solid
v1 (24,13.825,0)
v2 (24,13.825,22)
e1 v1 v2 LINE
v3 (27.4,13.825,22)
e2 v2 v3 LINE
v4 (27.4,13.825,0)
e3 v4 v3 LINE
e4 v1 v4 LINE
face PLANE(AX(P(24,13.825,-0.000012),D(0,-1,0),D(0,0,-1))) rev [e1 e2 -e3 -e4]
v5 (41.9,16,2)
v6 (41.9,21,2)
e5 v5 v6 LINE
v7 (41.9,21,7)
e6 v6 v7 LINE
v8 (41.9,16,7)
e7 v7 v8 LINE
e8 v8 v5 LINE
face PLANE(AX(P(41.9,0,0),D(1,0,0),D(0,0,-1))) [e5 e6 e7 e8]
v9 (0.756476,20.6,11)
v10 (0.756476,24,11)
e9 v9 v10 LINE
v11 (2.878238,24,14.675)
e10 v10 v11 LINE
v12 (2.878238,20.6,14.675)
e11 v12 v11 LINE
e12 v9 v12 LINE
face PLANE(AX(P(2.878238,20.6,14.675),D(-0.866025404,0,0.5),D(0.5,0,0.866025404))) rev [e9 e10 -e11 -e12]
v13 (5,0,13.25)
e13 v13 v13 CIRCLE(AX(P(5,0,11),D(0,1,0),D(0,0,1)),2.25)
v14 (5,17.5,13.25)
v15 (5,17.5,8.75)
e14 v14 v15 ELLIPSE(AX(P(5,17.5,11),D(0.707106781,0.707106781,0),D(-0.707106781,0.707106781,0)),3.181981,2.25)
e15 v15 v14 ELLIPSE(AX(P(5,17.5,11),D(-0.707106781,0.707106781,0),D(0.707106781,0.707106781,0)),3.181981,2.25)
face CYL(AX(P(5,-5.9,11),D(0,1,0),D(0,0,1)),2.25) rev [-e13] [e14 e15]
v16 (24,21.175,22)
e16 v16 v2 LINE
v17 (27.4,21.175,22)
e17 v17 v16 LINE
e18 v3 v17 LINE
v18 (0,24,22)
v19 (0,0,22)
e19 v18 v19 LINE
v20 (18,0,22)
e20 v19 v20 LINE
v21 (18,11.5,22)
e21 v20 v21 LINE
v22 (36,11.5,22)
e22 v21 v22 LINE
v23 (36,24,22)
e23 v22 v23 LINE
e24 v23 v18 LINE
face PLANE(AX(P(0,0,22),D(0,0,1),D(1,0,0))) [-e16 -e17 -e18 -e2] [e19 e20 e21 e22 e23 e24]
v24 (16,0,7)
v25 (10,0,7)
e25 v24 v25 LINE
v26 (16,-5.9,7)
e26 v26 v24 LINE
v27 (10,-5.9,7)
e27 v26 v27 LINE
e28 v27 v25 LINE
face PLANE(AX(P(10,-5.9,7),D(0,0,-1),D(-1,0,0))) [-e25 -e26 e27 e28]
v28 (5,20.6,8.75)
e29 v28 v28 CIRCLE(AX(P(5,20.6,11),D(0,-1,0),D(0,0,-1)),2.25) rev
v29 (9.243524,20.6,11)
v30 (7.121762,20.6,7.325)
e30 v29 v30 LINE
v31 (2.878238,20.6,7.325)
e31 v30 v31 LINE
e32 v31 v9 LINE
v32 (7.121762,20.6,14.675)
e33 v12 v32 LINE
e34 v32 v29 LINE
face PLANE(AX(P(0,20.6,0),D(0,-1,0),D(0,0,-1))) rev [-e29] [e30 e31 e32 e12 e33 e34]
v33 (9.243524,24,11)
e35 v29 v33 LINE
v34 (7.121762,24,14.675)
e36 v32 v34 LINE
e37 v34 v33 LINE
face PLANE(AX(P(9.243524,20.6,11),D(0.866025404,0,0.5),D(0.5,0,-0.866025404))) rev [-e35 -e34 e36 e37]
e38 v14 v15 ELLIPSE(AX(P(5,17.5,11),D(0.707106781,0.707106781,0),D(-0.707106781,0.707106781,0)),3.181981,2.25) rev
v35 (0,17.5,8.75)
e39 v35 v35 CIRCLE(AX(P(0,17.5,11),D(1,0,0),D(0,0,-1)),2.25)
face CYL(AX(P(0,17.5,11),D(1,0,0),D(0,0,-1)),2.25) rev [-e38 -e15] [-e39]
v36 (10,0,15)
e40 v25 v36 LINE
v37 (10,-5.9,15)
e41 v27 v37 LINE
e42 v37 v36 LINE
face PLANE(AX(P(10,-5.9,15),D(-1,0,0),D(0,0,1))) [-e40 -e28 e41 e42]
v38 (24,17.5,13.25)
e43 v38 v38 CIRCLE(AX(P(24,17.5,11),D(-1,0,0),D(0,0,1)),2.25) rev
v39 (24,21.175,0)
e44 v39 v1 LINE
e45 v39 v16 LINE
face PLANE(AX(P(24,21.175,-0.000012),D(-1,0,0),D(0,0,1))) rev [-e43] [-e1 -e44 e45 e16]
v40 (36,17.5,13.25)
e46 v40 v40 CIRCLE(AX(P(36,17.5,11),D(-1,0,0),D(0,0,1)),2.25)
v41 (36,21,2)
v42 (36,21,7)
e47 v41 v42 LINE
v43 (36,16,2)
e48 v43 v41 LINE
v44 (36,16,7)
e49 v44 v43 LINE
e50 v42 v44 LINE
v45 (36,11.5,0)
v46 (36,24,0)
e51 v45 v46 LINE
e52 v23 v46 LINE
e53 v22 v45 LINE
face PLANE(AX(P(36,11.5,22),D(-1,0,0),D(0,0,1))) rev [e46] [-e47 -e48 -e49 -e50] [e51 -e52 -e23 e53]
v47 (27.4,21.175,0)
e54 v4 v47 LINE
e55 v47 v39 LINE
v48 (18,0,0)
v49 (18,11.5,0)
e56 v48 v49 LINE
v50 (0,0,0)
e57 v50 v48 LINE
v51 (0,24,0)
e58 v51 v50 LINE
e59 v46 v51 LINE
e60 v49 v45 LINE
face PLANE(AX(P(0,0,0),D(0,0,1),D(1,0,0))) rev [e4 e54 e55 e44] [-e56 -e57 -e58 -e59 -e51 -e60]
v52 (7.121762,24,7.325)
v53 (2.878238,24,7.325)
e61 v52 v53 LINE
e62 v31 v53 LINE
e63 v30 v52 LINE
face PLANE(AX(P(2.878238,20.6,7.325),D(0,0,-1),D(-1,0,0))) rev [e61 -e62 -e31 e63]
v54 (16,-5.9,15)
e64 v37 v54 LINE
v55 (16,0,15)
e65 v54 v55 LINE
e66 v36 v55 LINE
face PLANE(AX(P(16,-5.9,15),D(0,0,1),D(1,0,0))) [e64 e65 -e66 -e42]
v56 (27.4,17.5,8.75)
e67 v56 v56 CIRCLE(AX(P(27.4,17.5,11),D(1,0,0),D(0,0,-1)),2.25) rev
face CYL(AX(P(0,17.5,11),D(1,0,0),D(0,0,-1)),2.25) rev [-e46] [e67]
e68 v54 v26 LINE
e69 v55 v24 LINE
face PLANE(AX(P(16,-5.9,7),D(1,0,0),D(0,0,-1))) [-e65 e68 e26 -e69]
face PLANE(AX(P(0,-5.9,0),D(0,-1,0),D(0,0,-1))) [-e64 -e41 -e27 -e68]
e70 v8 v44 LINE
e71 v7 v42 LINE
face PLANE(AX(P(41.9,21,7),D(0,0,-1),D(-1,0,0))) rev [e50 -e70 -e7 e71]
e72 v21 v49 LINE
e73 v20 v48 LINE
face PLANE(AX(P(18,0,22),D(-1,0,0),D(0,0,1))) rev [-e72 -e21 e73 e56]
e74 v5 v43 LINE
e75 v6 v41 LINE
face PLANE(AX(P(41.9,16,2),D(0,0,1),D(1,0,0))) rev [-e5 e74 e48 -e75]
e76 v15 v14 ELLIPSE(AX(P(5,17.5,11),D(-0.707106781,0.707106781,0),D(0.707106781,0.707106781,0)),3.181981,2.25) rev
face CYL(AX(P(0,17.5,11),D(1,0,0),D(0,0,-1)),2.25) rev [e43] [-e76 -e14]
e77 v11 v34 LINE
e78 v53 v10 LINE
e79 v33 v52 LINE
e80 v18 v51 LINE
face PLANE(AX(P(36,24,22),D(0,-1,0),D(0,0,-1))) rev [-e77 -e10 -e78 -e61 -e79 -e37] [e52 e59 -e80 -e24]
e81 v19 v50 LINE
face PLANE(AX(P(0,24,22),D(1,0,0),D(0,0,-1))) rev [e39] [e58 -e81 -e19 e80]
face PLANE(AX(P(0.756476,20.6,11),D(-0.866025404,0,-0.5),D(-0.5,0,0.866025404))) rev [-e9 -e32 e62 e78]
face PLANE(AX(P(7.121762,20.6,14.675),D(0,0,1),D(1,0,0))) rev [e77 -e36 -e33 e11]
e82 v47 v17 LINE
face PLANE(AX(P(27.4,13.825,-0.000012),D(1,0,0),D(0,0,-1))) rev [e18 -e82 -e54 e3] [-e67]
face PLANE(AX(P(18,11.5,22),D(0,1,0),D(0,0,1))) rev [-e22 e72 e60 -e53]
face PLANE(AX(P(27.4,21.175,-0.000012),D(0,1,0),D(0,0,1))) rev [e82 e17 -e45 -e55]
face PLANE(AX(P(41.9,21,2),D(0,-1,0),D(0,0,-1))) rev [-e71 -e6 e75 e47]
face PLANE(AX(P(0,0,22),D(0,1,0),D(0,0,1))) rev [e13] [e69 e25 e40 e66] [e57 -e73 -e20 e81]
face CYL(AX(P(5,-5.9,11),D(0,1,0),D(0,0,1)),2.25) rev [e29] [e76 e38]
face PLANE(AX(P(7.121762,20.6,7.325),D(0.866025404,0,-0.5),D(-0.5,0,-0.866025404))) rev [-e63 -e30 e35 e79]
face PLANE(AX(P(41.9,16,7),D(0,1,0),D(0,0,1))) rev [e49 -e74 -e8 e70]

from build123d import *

# Parameters (mm, degrees)
EXTRUDE_420_DEPTH          = 22
SKETCH_473_W               = 6
SKETCH_473_H               = 8
EXTRUDE_540_DEPTH          = 5.9
SKETCH_591_W               = 5
SKETCH_591_H               = 5
EXTRUDE_711_DEPTH          = 5.9
CUT_EXTRUDE_4_DEPTH        = 54.062321849
CUT_EXTRUDE_4_DEPTH_BACK   = 54.062321849
SKETCH_4_R                 = 2.25
CUT_EXTRUDE_4_2_DEPTH      = 49.538644398
CUT_EXTRUDE_4_2_DEPTH_BACK = 49.538644398
SKETCH_4_2_R               = 2.25
CUT_EXTRUDE_4_3_DEPTH      = 3.4
CUT_EXTRUDE_4_4_DEPTH      = 54.062321849
CUT_EXTRUDE_4_4_DEPTH_BACK = 54.062321849
SKETCH_4_4_W               = 3.4
SKETCH_4_4_H               = 7.35


with BuildPart() as part:
    # Sketch 413 → Extrude 420 (new body)
    with BuildSketch(Plane.XY):
        Polygon((0, 0), (18, 0), (18, 11.5), (36, 11.5), (36, 24), (0, 24), align=None)
    extrude(amount=EXTRUDE_420_DEPTH)

    # Sketch 473 → Extrude 540 (add)
    with BuildSketch(Plane(origin=(0, 0, 0), x_dir=(1, 0, 0), z_dir=(0, 1, 0))):
        with Locations((13, -11)):
            Rectangle(SKETCH_473_W, SKETCH_473_H)
    extrude(amount=-EXTRUDE_540_DEPTH)

    # Sketch 591 → Extrude 711 (add)
    with BuildSketch(Plane(origin=(36, 0, 0), x_dir=(0, 0, -1), z_dir=(1, 0, 0))):
        with Locations((-4.5, 18.5)):
            Rectangle(SKETCH_591_W, SKETCH_591_H)
    extrude(amount=EXTRUDE_711_DEPTH)

    # Sketch 4 → Cut-Extrude 4 (cut, two sides: drawn at the far end of the back side and taken through both)
    with BuildSketch(Plane(origin=(0, 0, 0), x_dir=(1, 0, 0), z_dir=(0, 1, 0)).offset(-CUT_EXTRUDE_4_DEPTH_BACK)):
        with Locations(Location((5, -11, 0), (0, 0, 270))):
            Circle(SKETCH_4_R)
    extrude(amount=CUT_EXTRUDE_4_DEPTH + CUT_EXTRUDE_4_DEPTH_BACK, mode=Mode.SUBTRACT)

    # Sketch 4 2 → Cut-Extrude 4 2 (cut, two sides: drawn at the far end of the back side and taken through both)
    with BuildSketch(Plane(origin=(36, 0, 0), x_dir=(0, 0, -1), z_dir=(1, 0, 0)).offset(-CUT_EXTRUDE_4_2_DEPTH_BACK)):
        with Locations(Location((-11, 17.5, 0), (0, 0, 180))):
            Circle(SKETCH_4_2_R)
    extrude(amount=CUT_EXTRUDE_4_2_DEPTH + CUT_EXTRUDE_4_2_DEPTH_BACK, mode=Mode.SUBTRACT)

    # Sketch 4 3 → Cut-Extrude 4 3 (cut)
    with BuildSketch(Plane(origin=(0, 24, 0), x_dir=(1, 0, 0), z_dir=(0, 1, 0))):
        Polygon((9.243524479, -11), (7.121762239, -14.675), (2.878237761, -14.675), (0.756475521, -11), (2.878237761, -7.325), (7.121762239, -7.325), align=None)
    extrude(amount=-CUT_EXTRUDE_4_3_DEPTH, mode=Mode.SUBTRACT)

    # Sketch 4 4 → Cut-Extrude 4 4 (cut, two sides: drawn at the far end of the back side and taken through both)
    with BuildSketch(Plane.XY.offset(-CUT_EXTRUDE_4_4_DEPTH_BACK)):
        with Locations((25.7, 17.5)):
            Rectangle(SKETCH_4_4_W, SKETCH_4_4_H)
    extrude(amount=CUT_EXTRUDE_4_4_DEPTH + CUT_EXTRUDE_4_4_DEPTH_BACK, mode=Mode.SUBTRACT)


solid = part.part
